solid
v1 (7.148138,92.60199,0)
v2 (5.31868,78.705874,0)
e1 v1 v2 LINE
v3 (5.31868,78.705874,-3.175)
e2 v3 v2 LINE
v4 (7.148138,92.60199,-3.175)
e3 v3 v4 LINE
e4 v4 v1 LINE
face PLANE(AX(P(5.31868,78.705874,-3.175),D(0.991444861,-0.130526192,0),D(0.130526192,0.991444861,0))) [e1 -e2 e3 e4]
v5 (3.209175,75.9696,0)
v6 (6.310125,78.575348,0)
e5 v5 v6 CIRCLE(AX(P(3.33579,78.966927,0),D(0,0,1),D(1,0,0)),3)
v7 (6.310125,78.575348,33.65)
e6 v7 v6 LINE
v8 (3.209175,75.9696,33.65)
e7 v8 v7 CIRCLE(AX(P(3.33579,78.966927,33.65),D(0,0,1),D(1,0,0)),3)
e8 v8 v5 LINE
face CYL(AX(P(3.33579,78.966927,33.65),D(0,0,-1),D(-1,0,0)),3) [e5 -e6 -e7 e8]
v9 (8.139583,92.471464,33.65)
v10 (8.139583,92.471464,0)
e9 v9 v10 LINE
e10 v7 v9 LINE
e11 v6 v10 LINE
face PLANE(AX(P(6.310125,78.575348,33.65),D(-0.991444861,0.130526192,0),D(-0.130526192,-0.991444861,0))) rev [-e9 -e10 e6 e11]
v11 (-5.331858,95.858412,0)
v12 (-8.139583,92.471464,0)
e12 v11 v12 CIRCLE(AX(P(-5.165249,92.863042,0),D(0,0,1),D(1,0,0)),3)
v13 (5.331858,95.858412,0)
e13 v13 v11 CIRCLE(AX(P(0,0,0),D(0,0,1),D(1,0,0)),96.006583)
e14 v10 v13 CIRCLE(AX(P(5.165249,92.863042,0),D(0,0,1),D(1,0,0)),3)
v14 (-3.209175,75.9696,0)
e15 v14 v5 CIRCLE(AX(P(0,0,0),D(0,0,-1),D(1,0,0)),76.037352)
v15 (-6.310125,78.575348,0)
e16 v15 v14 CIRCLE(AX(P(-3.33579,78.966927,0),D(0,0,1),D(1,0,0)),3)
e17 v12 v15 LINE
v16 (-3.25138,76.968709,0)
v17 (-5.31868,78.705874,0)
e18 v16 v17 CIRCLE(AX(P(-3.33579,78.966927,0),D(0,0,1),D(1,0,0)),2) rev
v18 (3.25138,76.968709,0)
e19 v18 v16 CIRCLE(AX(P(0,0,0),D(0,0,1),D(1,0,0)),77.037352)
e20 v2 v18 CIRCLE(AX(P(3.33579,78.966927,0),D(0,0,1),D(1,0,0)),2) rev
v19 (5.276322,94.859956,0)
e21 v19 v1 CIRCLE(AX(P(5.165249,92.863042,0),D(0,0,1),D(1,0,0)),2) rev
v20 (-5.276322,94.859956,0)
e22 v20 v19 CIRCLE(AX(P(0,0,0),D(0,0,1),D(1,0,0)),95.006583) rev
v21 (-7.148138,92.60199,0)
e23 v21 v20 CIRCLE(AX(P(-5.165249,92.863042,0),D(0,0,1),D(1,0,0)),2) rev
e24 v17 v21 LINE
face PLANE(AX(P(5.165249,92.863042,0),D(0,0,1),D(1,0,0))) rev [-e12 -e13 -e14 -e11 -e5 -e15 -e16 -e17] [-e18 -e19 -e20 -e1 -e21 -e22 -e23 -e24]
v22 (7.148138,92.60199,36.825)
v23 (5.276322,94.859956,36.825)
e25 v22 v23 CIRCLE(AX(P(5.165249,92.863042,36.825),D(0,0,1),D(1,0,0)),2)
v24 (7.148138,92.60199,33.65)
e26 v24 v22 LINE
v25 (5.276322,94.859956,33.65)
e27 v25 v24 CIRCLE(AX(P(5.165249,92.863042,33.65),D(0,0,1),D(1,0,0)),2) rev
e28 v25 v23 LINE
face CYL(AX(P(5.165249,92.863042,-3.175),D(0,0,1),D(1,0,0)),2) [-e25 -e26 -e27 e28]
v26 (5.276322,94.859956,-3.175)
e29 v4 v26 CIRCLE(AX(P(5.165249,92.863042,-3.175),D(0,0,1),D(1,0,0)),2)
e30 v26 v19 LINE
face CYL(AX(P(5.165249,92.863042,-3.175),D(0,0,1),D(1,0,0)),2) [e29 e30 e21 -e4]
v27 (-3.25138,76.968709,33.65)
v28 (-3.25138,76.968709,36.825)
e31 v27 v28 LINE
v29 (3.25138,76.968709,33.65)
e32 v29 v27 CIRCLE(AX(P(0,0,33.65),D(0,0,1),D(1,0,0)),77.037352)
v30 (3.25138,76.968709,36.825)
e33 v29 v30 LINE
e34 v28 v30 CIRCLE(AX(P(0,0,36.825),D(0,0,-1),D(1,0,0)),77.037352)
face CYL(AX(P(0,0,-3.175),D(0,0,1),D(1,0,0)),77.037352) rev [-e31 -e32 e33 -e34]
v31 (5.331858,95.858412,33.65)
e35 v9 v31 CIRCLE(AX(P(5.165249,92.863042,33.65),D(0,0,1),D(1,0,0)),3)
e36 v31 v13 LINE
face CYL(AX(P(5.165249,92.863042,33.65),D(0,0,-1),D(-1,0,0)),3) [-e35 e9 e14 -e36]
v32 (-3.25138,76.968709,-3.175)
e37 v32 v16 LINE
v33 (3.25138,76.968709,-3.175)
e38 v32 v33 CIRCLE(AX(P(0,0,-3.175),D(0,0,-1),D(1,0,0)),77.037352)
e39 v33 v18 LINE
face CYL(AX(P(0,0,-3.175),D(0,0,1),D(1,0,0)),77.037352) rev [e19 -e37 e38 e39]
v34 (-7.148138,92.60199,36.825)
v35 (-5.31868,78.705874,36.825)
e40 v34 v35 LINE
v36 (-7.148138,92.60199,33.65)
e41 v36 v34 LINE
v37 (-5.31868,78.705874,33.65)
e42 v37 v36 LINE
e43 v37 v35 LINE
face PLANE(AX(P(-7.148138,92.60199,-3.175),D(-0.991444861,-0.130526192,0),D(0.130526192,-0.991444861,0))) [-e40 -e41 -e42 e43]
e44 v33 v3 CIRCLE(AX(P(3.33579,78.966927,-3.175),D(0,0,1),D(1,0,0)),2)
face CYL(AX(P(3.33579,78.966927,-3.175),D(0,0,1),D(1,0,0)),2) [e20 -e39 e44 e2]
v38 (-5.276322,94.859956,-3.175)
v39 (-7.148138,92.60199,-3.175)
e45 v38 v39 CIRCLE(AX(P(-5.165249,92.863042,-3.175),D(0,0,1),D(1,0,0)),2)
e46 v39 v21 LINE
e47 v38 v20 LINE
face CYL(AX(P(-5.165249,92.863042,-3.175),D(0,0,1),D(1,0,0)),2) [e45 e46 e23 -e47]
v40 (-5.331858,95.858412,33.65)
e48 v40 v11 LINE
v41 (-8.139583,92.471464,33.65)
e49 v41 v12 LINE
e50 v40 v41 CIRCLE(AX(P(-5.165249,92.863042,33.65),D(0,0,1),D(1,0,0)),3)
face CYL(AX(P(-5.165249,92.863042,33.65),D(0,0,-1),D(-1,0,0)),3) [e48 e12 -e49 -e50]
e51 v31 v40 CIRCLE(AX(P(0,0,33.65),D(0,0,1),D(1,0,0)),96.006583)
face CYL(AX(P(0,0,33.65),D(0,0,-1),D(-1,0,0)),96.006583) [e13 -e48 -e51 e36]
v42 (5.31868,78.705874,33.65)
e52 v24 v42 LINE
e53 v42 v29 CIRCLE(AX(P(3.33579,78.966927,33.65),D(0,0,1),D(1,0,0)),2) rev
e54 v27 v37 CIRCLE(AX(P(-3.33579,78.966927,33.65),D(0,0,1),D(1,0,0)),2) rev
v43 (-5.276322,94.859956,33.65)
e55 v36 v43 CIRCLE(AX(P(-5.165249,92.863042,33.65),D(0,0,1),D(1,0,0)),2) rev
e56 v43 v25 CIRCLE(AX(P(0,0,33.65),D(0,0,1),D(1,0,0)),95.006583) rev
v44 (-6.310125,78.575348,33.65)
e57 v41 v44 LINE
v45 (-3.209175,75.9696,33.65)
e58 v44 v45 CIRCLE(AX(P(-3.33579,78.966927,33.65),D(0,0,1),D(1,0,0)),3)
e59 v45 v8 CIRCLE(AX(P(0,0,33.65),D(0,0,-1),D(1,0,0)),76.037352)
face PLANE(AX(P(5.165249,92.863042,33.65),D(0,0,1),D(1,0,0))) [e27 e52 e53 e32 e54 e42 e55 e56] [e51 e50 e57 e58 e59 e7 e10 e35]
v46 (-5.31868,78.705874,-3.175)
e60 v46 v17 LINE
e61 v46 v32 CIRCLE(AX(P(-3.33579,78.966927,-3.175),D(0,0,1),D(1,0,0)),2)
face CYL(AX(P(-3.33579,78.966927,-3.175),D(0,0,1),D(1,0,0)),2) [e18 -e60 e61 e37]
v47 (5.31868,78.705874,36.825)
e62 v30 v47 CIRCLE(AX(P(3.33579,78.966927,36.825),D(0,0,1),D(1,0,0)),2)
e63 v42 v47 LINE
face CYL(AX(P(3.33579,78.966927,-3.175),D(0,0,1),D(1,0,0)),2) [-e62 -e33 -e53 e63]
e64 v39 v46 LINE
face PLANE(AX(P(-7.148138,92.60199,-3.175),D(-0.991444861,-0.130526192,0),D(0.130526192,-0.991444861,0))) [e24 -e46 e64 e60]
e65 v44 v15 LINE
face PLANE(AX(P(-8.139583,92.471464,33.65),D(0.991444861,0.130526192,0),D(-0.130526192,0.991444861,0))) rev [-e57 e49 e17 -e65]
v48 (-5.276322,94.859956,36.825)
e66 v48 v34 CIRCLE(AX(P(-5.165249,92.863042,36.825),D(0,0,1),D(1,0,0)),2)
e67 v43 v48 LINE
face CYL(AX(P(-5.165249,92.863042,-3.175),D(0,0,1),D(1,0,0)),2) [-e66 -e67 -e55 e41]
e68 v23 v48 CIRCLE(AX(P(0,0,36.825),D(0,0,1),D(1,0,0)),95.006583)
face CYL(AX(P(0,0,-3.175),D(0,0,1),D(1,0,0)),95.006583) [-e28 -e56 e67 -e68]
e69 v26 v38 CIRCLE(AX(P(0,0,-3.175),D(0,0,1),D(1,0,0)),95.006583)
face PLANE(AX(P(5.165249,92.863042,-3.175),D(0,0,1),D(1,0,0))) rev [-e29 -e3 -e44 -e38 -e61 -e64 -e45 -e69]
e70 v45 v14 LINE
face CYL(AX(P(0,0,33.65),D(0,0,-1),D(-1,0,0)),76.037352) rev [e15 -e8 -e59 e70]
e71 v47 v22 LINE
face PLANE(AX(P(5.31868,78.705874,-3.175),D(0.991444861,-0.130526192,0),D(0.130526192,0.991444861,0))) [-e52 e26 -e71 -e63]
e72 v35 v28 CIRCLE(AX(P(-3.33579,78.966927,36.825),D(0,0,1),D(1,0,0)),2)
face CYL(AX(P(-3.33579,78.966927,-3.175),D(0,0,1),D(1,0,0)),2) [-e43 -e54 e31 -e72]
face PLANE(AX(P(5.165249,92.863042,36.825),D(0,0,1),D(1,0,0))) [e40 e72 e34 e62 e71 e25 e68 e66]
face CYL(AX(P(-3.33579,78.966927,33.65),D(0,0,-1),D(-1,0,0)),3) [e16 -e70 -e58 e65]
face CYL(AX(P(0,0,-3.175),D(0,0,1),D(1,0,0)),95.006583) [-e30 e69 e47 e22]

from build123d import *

# Parameters (mm, degrees)
BOSS_EXTRUDE1_DEPTH      = 36.825
BOSS_EXTRUDE1_DEPTH_BACK = 3.175
BOSS_EXTRUDE2_DEPTH      = 33.65


with BuildPart() as part:
    # Sketch1 → Boss-Extrude1 (new, two sides: drawn at the far end of the back side and taken through both)
    with BuildSketch(Plane.XY.offset(-BOSS_EXTRUDE1_DEPTH_BACK)):
        with BuildLine():
            Line((5.318680122, 78.705874291), (7.148138473, 92.601990083))
            ThreePointArc((7.148138473, 92.601990083), (6.704979898, 94.139454624), (5.276321506, 94.859955796))
            ThreePointArc((5.276321506, 94.859955796), (0, 95.006582836), (-5.276321506, 94.859955796))
            ThreePointArc((-5.276321506, 94.859955796), (-6.704979898, 94.139454624), (-7.148138473, 92.601990083))
            Line((-7.148138473, 92.601990083), (-5.318680122, 78.705874291))
            ThreePointArc((-5.318680122, 78.705874291), (-4.622449596, 77.435748007), (-3.25137992, 76.968708751))
            ThreePointArc((-3.25137992, 76.968708751), (0, 77.037351968), (3.25137992, 76.968708751))
            ThreePointArc((3.25137992, 76.968708751), (4.622449596, 77.435748007), (5.318680122, 78.705874291))
        make_face()
    extrude(amount=BOSS_EXTRUDE1_DEPTH + BOSS_EXTRUDE1_DEPTH_BACK)

    # Sketch2 → Boss-Extrude2 (add)
    with BuildSketch(Plane.XY):
        with BuildLine():
            Line((6.310124984, 78.575348099), (8.139583334, 92.47146389))
            ThreePointArc((8.139583334, 92.47146389), (7.474845471, 94.777660702), (5.331857885, 95.85841246))
            ThreePointArc((5.331857885, 95.85841246), (0, 96.006582836), (-5.331857885, 95.85841246))
            ThreePointArc((-5.331857885, 95.85841246), (-7.474845471, 94.777660702), (-8.139583334, 92.47146389))
            Line((-8.139583334, 92.47146389), (-6.310124984, 78.575348099))
            ThreePointArc((-6.310124984, 78.575348099), (-5.265779194, 76.670158673), (-3.20917468, 75.96959979))
            ThreePointArc((-3.20917468, 75.96959979), (0, 76.037351968), (3.20917468, 75.96959979))
            ThreePointArc((3.20917468, 75.96959979), (5.265779194, 76.670158673), (6.310124984, 78.575348099))
        make_face()
    extrude(amount=BOSS_EXTRUDE2_DEPTH)


solid = part.part
